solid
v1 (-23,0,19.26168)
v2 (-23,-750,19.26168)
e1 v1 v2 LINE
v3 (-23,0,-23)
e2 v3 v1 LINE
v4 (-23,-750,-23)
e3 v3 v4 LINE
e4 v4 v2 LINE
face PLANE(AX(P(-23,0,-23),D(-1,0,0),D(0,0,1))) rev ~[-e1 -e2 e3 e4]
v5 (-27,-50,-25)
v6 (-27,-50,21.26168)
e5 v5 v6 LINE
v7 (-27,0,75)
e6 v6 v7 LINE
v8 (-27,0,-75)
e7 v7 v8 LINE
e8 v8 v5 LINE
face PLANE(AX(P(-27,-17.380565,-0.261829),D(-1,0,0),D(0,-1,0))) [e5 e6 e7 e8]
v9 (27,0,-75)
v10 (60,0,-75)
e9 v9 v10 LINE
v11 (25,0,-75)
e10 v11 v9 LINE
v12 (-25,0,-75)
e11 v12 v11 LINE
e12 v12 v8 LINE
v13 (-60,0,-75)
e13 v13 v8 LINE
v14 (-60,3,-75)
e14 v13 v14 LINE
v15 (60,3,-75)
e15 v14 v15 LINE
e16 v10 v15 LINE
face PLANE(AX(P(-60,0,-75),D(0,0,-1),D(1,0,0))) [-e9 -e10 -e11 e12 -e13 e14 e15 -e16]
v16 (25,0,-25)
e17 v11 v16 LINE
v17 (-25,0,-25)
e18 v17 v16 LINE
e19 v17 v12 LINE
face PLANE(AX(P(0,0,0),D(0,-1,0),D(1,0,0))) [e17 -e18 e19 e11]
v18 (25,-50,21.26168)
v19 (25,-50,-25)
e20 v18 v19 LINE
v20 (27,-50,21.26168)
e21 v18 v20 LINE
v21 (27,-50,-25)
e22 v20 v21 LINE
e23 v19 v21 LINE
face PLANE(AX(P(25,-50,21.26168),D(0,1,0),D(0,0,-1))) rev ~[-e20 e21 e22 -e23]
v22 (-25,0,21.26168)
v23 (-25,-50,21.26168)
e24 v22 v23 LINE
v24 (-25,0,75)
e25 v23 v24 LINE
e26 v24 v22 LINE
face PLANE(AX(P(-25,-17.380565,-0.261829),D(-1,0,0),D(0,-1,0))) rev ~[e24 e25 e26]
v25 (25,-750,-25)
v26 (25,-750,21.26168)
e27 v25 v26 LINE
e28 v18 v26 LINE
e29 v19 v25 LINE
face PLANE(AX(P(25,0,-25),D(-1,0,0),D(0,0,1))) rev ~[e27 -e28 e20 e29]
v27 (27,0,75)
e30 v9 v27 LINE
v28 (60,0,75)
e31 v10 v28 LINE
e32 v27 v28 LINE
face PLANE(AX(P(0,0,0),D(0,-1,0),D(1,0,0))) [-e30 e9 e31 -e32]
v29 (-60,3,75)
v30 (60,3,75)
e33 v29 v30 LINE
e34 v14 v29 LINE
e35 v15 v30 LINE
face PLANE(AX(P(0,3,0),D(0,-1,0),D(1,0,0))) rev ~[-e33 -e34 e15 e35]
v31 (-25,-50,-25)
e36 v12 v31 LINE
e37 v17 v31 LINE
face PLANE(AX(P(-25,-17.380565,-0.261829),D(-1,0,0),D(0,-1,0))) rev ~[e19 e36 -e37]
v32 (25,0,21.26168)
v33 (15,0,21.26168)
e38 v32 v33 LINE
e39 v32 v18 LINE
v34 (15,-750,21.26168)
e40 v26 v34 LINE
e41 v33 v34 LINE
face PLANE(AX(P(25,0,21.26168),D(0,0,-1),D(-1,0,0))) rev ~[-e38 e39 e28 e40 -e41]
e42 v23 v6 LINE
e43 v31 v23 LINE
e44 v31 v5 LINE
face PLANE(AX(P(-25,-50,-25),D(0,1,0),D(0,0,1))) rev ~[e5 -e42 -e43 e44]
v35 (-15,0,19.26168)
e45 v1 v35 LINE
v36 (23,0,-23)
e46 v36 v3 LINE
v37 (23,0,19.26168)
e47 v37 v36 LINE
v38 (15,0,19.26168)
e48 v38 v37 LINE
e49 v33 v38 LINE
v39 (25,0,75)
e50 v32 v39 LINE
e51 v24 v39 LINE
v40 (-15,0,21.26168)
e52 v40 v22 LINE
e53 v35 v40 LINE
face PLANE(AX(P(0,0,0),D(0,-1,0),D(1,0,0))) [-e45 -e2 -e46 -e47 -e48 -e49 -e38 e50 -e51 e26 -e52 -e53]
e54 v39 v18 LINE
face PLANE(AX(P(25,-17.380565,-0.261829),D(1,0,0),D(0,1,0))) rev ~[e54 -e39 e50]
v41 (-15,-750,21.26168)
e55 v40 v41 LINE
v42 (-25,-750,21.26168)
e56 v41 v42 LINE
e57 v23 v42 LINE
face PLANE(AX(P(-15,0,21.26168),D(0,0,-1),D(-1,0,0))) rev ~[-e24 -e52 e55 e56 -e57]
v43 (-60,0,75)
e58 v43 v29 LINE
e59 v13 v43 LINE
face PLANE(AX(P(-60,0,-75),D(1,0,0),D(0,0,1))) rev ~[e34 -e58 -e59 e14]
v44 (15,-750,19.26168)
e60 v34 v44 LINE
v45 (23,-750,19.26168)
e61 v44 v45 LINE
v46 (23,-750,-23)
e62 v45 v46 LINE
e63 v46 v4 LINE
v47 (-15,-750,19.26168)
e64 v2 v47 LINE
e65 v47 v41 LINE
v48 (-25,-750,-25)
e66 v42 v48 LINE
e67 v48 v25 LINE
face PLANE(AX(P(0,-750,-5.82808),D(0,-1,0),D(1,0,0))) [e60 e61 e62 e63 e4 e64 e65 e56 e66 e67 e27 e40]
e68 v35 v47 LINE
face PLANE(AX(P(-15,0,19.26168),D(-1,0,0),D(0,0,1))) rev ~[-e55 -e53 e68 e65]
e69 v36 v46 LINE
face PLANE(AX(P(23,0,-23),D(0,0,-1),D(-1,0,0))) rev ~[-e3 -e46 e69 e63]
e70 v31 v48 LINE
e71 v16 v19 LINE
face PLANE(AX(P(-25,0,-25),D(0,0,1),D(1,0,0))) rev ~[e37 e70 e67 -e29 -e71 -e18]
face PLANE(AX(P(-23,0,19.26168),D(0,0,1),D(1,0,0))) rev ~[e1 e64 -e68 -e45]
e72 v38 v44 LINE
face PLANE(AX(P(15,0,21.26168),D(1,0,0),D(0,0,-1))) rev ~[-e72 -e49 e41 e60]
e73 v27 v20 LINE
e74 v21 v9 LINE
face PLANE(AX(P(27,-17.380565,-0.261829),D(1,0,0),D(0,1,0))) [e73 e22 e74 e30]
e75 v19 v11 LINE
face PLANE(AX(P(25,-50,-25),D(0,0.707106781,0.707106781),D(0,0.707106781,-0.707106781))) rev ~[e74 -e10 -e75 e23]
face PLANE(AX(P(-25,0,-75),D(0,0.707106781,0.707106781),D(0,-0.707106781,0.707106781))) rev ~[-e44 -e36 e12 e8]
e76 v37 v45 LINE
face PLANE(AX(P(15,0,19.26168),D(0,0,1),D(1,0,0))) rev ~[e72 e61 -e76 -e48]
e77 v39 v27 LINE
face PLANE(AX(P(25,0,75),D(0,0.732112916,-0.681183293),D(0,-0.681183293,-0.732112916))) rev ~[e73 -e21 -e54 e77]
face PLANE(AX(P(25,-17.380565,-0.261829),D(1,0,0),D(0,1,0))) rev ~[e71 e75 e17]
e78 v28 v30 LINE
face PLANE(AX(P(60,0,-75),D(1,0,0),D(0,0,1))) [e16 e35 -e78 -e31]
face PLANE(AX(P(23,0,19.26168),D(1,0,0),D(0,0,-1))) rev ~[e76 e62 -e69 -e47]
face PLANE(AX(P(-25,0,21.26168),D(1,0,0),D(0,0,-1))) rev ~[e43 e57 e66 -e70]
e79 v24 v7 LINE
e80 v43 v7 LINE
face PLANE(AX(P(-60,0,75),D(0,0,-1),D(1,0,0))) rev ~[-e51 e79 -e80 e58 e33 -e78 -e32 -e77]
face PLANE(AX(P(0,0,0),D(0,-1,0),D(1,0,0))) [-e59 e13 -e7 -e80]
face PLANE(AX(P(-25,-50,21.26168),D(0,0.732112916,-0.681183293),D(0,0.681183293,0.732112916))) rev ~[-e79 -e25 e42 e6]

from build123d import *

# Parameters (mm, degrees)
F0_W     = 120
F0_H     = 150
F1_DEPTH = 3
F3_DEPTH = 750
F5_DEPTH = 2
F7_DEPTH = 2


with BuildPart() as f1:
    # F0 (on Front) → F1 (new body)
    with BuildSketch(Plane.XZ):
        Rectangle(F0_W, F0_H)
    extrude(amount=-F1_DEPTH)

    # F2 (on face) → F3 (join)
    with BuildSketch(Plane.XZ):
        Polygon((-23, 19.26168), (-15, 19.26168), (-15, 21.26168), (-25, 21.26168), (-25, -25), (25, -25), (25, 21.26168), (15, 21.26168), (15, 19.26168), (23, 19.26168), (23, -23), (-23, -23), align=None)
    extrude(amount=F3_DEPTH)

    # F4 (on face) → F5 (join)
    with BuildSketch(Plane.YZ.offset(25)):
        Polygon((-50, -25), (0, -75), (0, 75), (-50, 21.26168), align=None)
    extrude(amount=F5_DEPTH)

    # F6 (on face) → F7 (join)
    with BuildSketch(Plane(origin=(-25, 0, 0), x_dir=(0, -1, 0), z_dir=(-1, 0, 0))):
        Polygon((0, 75), (0, -75), (50, -25), (50, 21.26168), align=None)
    extrude(amount=F7_DEPTH)


solid = f1.part
